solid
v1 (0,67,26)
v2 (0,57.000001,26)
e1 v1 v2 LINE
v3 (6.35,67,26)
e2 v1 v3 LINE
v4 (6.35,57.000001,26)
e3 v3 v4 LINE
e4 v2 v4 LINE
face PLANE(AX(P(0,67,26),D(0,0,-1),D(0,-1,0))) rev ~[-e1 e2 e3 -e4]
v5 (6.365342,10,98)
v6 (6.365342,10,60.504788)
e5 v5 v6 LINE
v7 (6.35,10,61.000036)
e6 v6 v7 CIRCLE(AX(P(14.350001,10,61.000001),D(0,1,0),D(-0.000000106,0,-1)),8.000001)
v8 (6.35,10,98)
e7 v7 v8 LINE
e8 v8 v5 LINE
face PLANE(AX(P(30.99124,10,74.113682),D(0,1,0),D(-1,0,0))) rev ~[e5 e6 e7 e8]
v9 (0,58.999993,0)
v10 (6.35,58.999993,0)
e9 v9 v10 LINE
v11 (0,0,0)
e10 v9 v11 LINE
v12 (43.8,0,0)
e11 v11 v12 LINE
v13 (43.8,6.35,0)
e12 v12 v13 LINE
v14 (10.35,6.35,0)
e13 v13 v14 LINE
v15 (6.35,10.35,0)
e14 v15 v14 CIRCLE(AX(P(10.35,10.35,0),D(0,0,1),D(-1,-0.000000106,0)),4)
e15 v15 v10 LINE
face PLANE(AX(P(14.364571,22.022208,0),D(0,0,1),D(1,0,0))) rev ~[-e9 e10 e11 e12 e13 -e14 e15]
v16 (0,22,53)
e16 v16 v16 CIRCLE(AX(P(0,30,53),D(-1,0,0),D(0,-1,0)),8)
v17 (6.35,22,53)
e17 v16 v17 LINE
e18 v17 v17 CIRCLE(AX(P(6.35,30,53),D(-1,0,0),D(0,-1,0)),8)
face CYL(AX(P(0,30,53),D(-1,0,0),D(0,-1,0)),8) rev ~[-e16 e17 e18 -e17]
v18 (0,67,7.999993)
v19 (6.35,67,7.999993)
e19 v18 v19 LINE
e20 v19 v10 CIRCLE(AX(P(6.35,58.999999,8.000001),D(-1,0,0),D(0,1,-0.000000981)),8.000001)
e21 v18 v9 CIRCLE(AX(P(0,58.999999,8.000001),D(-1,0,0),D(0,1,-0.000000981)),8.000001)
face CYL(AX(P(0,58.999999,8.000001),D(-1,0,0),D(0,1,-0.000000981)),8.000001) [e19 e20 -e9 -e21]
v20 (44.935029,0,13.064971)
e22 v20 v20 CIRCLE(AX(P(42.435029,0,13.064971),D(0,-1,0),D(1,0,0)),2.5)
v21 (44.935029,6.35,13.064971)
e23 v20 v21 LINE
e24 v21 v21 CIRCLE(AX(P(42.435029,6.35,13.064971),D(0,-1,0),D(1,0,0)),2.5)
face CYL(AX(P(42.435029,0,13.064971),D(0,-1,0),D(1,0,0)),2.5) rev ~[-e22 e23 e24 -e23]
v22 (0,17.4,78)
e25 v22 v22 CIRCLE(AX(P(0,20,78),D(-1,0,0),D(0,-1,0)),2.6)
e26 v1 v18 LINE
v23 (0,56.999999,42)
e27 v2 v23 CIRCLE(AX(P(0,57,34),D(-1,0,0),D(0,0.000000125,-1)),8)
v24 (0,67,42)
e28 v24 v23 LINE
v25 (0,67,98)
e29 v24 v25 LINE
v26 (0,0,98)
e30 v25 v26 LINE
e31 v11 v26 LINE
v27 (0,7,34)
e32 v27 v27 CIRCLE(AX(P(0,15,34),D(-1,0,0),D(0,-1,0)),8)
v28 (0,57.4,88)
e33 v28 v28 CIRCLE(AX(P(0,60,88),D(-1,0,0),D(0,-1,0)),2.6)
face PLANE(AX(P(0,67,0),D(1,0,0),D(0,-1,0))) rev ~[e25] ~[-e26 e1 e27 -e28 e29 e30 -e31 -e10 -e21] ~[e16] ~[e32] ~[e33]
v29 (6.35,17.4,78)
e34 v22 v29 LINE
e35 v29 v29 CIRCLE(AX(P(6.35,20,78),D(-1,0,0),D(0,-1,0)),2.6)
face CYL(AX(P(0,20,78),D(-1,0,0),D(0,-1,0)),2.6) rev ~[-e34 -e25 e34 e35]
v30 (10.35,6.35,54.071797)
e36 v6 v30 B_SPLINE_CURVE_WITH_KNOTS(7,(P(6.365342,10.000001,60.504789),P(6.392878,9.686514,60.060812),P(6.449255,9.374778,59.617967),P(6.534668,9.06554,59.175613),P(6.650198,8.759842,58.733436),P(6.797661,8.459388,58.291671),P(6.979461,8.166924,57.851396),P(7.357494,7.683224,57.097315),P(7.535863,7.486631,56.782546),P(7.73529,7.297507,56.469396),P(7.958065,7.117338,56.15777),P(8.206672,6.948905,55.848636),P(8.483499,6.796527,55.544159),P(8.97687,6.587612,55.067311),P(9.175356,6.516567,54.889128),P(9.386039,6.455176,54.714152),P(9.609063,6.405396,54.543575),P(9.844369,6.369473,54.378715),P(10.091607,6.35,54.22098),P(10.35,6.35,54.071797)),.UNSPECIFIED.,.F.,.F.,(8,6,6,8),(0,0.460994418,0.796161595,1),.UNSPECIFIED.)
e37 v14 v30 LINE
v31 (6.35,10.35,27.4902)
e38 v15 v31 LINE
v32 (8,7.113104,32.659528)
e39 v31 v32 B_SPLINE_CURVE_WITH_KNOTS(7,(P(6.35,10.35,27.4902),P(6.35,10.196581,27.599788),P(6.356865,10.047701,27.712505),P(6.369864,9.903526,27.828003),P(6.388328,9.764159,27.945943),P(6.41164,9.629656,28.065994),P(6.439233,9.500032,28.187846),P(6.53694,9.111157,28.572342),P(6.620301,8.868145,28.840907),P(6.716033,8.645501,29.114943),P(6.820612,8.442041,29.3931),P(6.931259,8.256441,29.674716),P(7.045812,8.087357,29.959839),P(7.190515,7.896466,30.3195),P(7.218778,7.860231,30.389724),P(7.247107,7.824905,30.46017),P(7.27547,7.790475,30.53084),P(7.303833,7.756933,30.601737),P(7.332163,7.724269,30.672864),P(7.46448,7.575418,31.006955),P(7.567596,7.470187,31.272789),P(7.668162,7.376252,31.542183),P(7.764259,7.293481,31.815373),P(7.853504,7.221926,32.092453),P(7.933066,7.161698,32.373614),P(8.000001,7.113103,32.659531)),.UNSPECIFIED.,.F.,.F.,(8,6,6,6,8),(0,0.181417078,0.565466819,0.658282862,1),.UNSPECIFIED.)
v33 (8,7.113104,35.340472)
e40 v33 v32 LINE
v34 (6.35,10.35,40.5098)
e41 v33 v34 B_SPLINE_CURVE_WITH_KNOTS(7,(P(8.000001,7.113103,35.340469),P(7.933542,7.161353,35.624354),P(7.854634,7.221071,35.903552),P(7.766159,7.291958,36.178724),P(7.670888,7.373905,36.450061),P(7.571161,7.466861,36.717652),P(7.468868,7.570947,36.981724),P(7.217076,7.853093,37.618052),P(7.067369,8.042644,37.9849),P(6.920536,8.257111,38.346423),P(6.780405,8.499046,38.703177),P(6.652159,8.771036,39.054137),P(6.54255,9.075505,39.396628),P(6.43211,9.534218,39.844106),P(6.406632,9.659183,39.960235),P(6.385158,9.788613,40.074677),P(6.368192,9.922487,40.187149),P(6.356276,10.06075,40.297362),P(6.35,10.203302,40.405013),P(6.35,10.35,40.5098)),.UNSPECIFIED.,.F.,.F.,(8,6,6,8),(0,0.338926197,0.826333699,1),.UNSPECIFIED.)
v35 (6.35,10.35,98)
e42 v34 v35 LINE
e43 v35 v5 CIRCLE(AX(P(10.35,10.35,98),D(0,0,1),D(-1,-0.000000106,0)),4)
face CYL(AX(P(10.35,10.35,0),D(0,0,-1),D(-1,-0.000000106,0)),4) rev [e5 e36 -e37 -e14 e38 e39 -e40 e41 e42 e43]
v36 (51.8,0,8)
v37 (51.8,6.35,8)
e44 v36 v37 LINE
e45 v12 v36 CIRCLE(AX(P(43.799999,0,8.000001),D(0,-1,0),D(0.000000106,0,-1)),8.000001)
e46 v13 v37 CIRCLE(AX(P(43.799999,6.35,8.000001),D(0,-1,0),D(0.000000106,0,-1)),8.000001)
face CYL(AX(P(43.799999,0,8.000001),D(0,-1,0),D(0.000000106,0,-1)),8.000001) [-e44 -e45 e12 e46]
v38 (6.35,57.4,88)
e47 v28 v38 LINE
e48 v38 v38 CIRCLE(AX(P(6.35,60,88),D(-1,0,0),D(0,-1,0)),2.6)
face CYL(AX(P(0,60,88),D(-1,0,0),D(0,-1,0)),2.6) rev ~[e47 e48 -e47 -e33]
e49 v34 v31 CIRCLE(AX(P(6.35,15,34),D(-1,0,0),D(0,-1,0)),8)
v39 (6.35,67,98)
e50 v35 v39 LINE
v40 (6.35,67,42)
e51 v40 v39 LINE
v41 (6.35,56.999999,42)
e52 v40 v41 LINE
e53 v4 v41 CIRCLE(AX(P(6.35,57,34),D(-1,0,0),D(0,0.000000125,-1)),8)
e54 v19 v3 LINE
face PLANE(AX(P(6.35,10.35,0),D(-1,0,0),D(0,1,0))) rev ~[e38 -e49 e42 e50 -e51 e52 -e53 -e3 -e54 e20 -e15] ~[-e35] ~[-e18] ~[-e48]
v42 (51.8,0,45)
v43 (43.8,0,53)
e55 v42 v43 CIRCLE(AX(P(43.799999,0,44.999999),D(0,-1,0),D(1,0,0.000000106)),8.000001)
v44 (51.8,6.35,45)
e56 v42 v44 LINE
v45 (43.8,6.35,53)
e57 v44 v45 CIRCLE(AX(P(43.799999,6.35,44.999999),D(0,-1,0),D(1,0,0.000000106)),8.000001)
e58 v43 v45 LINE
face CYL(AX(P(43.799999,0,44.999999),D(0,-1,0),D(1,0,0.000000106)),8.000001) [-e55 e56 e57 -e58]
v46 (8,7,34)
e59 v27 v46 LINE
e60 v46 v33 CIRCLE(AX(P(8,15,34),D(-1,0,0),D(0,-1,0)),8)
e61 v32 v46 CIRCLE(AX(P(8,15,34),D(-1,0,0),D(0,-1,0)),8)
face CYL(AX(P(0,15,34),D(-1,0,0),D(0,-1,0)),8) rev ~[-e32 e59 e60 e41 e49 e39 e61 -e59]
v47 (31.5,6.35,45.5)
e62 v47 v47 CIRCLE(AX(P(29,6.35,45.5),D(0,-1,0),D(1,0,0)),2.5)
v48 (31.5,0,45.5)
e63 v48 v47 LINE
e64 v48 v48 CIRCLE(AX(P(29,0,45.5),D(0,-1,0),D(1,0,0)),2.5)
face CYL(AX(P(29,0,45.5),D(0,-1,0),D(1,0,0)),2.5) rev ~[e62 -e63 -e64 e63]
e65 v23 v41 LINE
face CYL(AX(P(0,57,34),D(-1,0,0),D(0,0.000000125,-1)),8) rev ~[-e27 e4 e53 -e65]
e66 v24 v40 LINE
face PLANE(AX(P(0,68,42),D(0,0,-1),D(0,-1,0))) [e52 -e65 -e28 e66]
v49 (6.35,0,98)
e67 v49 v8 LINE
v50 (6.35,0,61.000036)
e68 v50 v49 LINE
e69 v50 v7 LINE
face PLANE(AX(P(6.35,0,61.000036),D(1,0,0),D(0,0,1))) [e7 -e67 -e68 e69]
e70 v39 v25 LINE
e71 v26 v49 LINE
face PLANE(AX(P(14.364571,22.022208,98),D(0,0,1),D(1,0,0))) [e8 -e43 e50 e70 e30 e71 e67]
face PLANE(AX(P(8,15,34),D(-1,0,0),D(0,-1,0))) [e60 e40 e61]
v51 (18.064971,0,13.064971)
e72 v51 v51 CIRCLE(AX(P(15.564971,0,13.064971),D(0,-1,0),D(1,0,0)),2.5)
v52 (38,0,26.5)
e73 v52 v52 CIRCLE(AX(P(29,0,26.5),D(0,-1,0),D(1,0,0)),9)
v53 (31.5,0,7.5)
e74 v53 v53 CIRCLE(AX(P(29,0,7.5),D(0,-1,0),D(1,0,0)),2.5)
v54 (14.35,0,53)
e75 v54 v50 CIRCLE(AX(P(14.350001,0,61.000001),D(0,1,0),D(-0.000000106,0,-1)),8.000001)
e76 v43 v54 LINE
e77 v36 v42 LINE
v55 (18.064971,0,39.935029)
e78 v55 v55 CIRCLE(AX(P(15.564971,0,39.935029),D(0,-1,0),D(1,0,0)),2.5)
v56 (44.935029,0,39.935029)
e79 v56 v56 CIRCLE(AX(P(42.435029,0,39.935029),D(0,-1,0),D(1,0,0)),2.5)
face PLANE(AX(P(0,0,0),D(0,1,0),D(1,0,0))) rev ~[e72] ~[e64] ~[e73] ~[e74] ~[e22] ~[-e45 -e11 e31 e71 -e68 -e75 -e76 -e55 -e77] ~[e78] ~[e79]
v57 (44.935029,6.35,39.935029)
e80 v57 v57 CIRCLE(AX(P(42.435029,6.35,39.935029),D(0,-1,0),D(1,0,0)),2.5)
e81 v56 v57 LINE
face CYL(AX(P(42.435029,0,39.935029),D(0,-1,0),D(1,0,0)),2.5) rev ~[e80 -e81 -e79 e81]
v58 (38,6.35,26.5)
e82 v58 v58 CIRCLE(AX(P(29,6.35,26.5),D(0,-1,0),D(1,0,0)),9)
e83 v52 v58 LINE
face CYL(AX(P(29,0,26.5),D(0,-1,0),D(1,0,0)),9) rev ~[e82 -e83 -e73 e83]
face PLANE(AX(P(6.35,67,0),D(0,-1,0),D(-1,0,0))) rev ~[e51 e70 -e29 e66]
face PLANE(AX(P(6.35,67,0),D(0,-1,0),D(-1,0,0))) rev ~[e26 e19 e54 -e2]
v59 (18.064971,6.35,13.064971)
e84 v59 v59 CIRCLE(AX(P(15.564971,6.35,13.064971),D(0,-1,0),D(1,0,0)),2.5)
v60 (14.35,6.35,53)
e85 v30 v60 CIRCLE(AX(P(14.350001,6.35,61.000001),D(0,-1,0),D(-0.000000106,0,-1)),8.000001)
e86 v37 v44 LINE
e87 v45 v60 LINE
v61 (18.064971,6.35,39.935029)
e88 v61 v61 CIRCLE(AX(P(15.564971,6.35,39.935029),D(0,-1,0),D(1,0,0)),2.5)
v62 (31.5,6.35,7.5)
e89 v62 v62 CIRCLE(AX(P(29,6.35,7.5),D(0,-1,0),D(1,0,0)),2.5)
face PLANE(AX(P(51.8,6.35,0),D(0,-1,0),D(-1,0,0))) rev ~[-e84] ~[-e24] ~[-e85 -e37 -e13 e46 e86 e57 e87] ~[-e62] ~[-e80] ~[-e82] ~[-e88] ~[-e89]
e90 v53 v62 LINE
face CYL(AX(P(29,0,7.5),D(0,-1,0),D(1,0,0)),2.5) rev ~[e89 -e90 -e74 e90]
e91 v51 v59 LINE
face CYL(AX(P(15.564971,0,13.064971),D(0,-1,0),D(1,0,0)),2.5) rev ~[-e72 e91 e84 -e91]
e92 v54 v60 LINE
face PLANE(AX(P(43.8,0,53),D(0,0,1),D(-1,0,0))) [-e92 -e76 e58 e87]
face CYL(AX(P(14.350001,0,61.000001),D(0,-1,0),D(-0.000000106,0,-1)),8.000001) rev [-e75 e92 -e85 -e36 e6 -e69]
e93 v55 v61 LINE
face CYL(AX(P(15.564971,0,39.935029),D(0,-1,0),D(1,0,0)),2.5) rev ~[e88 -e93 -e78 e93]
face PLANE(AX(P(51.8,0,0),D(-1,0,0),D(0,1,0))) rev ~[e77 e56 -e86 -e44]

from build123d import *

# Parameters (mm, degrees)
PAD001_DEPTH    = 98
SKETCH001_R     = 2.6
SKETCH001_R_2   = 8
POCKET_DEPTH    = 8
SKETCH002_R     = 9
SKETCH002_R_2   = 2.5
POCKET001_DEPTH = 10


with BuildPart() as part:
    # Sketch → Pad001 (new body)
    with BuildSketch(Plane.XY):
        with BuildLine():
            Line((6.35, 10.35), (6.35, 67))
            Line((6.35, 67), (0, 67))
            Line((0, 67), (0, 0))
            Line((0, 0), (51.8, 0))
            Line((51.8, 0), (51.8, 6.35))
            Line((51.8, 6.35), (10.35, 6.35))
            ThreePointArc((6.35, 10.35), (7.521573, 7.521573), (10.35, 6.35))
        make_face()
    extrude(amount=PAD001_DEPTH)

    # Sketch001 → Pocket (cut)
    with BuildSketch(Plane(origin=(0, 0, 0), x_dir=(0, -1, 0), z_dir=(-1, 0, 0))):
        with Locations((-60, 88)):
            Circle(SKETCH001_R)
        with Locations((-20, 78)):
            Circle(SKETCH001_R)
        with Locations((-30, 53)):
            Circle(SKETCH001_R_2)
        with Locations((-15, 34)):
            Circle(SKETCH001_R_2)
        with BuildLine():
            Line((-68, 0), (-68, 42))
            Line((-68, 42), (-56.999999, 42))
            ThreePointArc((-57.000001, 26), (-49, 33.999999), (-56.999999, 42))
            Line((-67, 26), (-57.000001, 26))
            Line((-67, 26), (-67, 7.999993))
            ThreePointArc((-67, 7.999993), (-64.656849, 2.343141), (-58.999993, 0))
            Line((-68, 0), (-58.999993, 0))
        make_face()
    extrude(amount=-POCKET_DEPTH, mode=Mode.SUBTRACT)

    # Sketch002 → Pocket001 (cut)
    with BuildSketch(Plane.XZ):
        with Locations((29, 26.5)):
            Circle(SKETCH002_R)
        with Locations((15.564971, 39.935029)):
            Circle(SKETCH002_R_2)
        with Locations((29, 45.5)):
            Circle(SKETCH002_R_2)
        with Locations((42.435029, 39.935029)):
            Circle(SKETCH002_R_2)
        with Locations((15.564971, 13.064971)):
            Circle(SKETCH002_R_2)
        with Locations((29, 7.5)):
            Circle(SKETCH002_R_2)
        with Locations((42.435029, 13.064971)):
            Circle(SKETCH002_R_2)
        with BuildLine():
            Line((6.35, 61.000036), (6.35, 98))
            Line((6.35, 98), (51.8, 98))
            Line((51.8, 98), (51.8, 45))
            ThreePointArc((51.8, 45), (49.456854, 50.656854), (43.8, 53))
            Line((43.8, 53), (14.35, 53))
            ThreePointArc((14.35, 53), (8.693133, 55.343159), (6.35, 61.000036))
        make_face()
        with BuildLine():
            ThreePointArc((43.8, 0), (49.456854, 2.343146), (51.8, 8))
            Line((51.8, 8), (51.8, 0))
            Line((51.8, 0), (43.8, 0))
        make_face()
    extrude(amount=-POCKET001_DEPTH, mode=Mode.SUBTRACT)


solid = part.part
